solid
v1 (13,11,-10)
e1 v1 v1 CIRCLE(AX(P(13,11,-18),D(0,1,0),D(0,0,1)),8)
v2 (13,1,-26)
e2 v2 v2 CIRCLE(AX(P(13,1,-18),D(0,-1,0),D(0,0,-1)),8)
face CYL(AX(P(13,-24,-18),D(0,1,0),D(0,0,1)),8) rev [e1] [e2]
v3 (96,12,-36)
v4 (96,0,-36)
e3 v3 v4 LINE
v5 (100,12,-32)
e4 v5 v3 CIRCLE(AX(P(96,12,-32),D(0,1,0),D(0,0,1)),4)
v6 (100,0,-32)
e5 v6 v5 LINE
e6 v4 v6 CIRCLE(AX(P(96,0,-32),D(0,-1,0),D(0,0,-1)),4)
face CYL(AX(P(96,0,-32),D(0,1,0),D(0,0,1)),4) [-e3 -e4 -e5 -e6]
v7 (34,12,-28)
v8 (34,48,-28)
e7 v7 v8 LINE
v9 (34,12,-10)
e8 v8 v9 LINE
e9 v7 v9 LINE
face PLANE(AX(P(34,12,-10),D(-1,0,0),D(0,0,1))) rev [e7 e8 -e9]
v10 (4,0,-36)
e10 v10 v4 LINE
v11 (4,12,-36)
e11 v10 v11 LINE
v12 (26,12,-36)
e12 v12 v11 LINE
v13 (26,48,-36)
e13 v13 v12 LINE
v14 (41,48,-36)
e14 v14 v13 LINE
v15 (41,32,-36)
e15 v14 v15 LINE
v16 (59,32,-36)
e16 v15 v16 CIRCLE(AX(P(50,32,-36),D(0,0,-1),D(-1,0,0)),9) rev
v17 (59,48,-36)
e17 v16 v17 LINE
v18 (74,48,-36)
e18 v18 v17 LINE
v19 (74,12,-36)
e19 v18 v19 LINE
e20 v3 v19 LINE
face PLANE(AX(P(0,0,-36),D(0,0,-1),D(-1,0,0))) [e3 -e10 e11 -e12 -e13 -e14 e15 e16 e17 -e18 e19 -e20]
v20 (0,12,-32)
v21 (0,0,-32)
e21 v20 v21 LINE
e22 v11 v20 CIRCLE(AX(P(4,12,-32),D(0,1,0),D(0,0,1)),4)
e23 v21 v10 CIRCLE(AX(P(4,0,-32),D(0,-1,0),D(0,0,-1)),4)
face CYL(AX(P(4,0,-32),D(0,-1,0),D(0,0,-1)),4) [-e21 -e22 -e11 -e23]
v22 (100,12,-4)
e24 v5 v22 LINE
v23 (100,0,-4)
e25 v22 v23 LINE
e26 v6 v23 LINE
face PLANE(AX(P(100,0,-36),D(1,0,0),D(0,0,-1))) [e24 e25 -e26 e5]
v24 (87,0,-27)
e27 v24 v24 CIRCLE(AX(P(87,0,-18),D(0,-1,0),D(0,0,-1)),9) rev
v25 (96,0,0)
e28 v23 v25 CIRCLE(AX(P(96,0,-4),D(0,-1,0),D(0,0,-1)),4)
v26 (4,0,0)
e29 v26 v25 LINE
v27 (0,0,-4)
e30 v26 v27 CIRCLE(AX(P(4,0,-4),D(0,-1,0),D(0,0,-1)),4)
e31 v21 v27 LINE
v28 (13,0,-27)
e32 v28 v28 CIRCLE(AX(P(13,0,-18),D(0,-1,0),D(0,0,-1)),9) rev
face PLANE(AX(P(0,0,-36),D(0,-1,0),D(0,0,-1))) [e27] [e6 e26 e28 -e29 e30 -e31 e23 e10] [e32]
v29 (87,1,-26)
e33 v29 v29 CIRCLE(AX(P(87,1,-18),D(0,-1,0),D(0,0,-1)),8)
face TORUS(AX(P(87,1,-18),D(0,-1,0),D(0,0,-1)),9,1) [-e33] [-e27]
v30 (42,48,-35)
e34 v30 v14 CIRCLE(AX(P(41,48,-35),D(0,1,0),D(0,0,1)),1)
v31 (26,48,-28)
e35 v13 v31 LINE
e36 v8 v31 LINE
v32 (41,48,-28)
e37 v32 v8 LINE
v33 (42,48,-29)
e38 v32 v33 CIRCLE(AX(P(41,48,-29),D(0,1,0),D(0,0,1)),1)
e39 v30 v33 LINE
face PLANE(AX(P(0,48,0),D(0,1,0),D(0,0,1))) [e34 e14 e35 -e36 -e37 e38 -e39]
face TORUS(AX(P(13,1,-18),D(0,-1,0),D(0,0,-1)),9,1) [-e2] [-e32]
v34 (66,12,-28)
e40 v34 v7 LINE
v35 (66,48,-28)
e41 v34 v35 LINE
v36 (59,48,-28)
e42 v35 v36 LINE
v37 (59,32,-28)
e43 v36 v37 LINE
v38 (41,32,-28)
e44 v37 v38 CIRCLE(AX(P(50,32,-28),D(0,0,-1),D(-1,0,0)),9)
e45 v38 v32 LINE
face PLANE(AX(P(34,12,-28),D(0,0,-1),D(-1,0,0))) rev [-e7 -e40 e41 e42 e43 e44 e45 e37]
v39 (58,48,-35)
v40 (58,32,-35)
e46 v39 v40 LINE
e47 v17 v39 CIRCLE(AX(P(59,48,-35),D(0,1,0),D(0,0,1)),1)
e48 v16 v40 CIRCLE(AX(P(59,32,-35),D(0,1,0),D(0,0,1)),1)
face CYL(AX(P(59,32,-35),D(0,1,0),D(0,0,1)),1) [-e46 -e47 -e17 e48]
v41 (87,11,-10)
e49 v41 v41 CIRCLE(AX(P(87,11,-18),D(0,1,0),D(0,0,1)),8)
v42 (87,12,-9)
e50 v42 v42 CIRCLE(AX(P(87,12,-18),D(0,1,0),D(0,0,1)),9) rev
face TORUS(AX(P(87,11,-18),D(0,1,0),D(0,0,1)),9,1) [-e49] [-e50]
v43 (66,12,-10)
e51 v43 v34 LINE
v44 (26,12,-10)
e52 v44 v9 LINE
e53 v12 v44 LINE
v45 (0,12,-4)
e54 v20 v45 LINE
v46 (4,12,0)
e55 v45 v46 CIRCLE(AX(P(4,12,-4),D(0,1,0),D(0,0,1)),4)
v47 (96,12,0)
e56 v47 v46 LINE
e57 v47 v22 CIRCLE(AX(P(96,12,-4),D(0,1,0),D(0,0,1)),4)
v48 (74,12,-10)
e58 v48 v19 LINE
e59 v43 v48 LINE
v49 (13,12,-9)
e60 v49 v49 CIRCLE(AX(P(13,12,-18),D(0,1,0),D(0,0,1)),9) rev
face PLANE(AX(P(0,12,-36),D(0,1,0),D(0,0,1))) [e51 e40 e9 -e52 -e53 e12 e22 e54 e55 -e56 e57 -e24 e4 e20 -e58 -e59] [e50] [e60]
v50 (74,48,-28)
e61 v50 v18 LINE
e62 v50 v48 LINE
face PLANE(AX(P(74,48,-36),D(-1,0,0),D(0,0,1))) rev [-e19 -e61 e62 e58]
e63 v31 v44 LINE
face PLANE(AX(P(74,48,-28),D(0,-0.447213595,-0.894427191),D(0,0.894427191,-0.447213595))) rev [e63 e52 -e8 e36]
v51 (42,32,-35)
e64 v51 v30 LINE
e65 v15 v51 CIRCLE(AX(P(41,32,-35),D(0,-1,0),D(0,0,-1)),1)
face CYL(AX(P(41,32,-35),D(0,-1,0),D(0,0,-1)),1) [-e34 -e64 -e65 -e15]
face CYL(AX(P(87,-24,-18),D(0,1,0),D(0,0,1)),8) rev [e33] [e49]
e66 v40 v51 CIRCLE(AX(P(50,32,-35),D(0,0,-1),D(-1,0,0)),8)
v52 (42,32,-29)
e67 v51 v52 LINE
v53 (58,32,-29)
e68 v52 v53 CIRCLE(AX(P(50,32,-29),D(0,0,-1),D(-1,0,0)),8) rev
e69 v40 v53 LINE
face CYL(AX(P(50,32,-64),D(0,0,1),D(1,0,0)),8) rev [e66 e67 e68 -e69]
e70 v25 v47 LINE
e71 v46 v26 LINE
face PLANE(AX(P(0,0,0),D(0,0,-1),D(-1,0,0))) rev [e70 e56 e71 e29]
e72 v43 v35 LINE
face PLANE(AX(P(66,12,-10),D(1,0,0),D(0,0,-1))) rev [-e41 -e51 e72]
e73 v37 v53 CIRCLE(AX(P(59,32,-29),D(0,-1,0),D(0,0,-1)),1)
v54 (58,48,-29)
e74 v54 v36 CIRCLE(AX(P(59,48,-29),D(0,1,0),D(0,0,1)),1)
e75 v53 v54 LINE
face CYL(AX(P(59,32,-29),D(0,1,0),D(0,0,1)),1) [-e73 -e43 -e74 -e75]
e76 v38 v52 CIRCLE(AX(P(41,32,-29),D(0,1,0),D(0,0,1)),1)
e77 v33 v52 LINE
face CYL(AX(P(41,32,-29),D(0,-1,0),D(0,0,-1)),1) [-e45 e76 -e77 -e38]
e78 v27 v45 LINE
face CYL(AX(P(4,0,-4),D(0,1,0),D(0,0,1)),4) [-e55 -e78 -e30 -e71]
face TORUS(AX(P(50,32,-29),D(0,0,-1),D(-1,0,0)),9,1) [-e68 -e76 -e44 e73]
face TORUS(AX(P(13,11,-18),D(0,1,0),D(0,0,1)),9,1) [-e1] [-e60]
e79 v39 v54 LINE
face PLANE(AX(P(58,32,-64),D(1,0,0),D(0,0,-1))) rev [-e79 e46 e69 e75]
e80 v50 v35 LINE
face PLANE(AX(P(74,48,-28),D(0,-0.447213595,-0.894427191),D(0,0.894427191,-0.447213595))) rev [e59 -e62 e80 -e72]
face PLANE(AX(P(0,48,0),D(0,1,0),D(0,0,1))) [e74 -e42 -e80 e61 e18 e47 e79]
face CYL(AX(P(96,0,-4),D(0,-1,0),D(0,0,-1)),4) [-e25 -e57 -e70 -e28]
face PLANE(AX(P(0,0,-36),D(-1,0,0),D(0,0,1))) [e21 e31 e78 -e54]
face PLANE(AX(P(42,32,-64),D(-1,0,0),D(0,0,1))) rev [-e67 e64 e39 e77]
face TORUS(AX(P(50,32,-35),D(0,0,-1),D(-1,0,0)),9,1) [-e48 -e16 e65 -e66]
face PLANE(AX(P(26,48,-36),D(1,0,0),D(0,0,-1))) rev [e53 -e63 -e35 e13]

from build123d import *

# Parameters (mm, degrees)
SKETCH1_W           = 100
SKETCH1_H           = 12
BOSS_EXTRUDE1_DEPTH = 36
SKETCH2_W           = 48
SKETCH2_H           = 26
BOSS_EXTRUDE2_DEPTH = 36
SKETCH3_W           = 32
SKETCH3_H           = 18
CUT_EXTRUDE1_DEPTH  = 36
CUT_EXTRUDE2_START  = -48
CUT_EXTRUDE2_DEPTH  = 48
CUT_EXTRUDE5_DEPTH  = 36
SKETCH6_R           = 8
CUT_EXTRUDE6_DEPTH  = 36
FILLET1_R           = 4
FILLET2_R           = 1


with BuildPart() as part:
    # Sketch1 → Boss-Extrude1 (new body)
    with BuildSketch(Plane.XY):
        with Locations((50, 6)):
            Rectangle(SKETCH1_W, SKETCH1_H)
    extrude(amount=-BOSS_EXTRUDE1_DEPTH)

    # Sketch2 → Boss-Extrude2 (add)
    with BuildSketch(Plane(origin=(0, 12, 0), x_dir=(1, 0, 0), z_dir=(0, 1, 0))):
        with Locations((50, 23)):
            Rectangle(SKETCH2_W, SKETCH2_H)
    extrude(amount=BOSS_EXTRUDE2_DEPTH)

    # Sketch3 → Cut-Extrude1 (cut)
    with BuildSketch(Plane(origin=(0, 48, 0), x_dir=(1, 0, 0), z_dir=(0, 1, 0))):
        with Locations((50, 19)):
            Rectangle(SKETCH3_W, SKETCH3_H)
    extrude(amount=-CUT_EXTRUDE1_DEPTH, mode=Mode.SUBTRACT)

    # Sketch4 → Cut-Extrude2 (cut)
    with BuildSketch(Plane.ZY.offset(-26).offset(CUT_EXTRUDE2_START)):
        Polygon((-28, 48), (-10, 12), (-10, 48), align=None)
    extrude(amount=CUT_EXTRUDE2_DEPTH, mode=Mode.SUBTRACT)

    # Sketch5 → Cut-Extrude5 (cut)
    with BuildSketch(Plane.XY.offset(-28)):
        with BuildLine():
            Line((42, 48), (58, 48))
            Line((58, 48), (58, 32))
            ThreePointArc((58, 32), (50, 24), (42, 32))
            Line((42, 32), (42, 48))
        make_face()
    extrude(amount=-CUT_EXTRUDE5_DEPTH, mode=Mode.SUBTRACT)

    # Sketch6 → Cut-Extrude6 (cut)
    with BuildSketch(Plane(origin=(0, 12, 0), x_dir=(1, 0, 0), z_dir=(0, 1, 0))):
        with Locations((13, 18)):
            Circle(SKETCH6_R)
        with Locations((87, 18)):
            Circle(SKETCH6_R)
    extrude(amount=-CUT_EXTRUDE6_DEPTH, mode=Mode.SUBTRACT)

    # Fillet1
    fillet1_edges = [part.edges().sort_by_distance(p)[0] for p in [
        (100, 6, -36),
        (0, 6, -36),
        (100, 6, 0),
        (0, 6, 0),
    ]]
    fillet(fillet1_edges, radius=FILLET1_R)

    # Fillet2
    fillet2_edges = [part.edges().sort_by_distance(p)[0] for p in [
        (50, 24, -36),
        (42, 40, -36),
        (58, 40, -36),
        (50, 24, -28),
        (58, 40, -28),
        (42, 40, -28),
        (79, 0, -18),
        (79, 12, -18),
        (5, 0, -18),
        (5, 12, -18),
    ]]
    fillet(fillet2_edges, radius=FILLET2_R)


solid = part.part
